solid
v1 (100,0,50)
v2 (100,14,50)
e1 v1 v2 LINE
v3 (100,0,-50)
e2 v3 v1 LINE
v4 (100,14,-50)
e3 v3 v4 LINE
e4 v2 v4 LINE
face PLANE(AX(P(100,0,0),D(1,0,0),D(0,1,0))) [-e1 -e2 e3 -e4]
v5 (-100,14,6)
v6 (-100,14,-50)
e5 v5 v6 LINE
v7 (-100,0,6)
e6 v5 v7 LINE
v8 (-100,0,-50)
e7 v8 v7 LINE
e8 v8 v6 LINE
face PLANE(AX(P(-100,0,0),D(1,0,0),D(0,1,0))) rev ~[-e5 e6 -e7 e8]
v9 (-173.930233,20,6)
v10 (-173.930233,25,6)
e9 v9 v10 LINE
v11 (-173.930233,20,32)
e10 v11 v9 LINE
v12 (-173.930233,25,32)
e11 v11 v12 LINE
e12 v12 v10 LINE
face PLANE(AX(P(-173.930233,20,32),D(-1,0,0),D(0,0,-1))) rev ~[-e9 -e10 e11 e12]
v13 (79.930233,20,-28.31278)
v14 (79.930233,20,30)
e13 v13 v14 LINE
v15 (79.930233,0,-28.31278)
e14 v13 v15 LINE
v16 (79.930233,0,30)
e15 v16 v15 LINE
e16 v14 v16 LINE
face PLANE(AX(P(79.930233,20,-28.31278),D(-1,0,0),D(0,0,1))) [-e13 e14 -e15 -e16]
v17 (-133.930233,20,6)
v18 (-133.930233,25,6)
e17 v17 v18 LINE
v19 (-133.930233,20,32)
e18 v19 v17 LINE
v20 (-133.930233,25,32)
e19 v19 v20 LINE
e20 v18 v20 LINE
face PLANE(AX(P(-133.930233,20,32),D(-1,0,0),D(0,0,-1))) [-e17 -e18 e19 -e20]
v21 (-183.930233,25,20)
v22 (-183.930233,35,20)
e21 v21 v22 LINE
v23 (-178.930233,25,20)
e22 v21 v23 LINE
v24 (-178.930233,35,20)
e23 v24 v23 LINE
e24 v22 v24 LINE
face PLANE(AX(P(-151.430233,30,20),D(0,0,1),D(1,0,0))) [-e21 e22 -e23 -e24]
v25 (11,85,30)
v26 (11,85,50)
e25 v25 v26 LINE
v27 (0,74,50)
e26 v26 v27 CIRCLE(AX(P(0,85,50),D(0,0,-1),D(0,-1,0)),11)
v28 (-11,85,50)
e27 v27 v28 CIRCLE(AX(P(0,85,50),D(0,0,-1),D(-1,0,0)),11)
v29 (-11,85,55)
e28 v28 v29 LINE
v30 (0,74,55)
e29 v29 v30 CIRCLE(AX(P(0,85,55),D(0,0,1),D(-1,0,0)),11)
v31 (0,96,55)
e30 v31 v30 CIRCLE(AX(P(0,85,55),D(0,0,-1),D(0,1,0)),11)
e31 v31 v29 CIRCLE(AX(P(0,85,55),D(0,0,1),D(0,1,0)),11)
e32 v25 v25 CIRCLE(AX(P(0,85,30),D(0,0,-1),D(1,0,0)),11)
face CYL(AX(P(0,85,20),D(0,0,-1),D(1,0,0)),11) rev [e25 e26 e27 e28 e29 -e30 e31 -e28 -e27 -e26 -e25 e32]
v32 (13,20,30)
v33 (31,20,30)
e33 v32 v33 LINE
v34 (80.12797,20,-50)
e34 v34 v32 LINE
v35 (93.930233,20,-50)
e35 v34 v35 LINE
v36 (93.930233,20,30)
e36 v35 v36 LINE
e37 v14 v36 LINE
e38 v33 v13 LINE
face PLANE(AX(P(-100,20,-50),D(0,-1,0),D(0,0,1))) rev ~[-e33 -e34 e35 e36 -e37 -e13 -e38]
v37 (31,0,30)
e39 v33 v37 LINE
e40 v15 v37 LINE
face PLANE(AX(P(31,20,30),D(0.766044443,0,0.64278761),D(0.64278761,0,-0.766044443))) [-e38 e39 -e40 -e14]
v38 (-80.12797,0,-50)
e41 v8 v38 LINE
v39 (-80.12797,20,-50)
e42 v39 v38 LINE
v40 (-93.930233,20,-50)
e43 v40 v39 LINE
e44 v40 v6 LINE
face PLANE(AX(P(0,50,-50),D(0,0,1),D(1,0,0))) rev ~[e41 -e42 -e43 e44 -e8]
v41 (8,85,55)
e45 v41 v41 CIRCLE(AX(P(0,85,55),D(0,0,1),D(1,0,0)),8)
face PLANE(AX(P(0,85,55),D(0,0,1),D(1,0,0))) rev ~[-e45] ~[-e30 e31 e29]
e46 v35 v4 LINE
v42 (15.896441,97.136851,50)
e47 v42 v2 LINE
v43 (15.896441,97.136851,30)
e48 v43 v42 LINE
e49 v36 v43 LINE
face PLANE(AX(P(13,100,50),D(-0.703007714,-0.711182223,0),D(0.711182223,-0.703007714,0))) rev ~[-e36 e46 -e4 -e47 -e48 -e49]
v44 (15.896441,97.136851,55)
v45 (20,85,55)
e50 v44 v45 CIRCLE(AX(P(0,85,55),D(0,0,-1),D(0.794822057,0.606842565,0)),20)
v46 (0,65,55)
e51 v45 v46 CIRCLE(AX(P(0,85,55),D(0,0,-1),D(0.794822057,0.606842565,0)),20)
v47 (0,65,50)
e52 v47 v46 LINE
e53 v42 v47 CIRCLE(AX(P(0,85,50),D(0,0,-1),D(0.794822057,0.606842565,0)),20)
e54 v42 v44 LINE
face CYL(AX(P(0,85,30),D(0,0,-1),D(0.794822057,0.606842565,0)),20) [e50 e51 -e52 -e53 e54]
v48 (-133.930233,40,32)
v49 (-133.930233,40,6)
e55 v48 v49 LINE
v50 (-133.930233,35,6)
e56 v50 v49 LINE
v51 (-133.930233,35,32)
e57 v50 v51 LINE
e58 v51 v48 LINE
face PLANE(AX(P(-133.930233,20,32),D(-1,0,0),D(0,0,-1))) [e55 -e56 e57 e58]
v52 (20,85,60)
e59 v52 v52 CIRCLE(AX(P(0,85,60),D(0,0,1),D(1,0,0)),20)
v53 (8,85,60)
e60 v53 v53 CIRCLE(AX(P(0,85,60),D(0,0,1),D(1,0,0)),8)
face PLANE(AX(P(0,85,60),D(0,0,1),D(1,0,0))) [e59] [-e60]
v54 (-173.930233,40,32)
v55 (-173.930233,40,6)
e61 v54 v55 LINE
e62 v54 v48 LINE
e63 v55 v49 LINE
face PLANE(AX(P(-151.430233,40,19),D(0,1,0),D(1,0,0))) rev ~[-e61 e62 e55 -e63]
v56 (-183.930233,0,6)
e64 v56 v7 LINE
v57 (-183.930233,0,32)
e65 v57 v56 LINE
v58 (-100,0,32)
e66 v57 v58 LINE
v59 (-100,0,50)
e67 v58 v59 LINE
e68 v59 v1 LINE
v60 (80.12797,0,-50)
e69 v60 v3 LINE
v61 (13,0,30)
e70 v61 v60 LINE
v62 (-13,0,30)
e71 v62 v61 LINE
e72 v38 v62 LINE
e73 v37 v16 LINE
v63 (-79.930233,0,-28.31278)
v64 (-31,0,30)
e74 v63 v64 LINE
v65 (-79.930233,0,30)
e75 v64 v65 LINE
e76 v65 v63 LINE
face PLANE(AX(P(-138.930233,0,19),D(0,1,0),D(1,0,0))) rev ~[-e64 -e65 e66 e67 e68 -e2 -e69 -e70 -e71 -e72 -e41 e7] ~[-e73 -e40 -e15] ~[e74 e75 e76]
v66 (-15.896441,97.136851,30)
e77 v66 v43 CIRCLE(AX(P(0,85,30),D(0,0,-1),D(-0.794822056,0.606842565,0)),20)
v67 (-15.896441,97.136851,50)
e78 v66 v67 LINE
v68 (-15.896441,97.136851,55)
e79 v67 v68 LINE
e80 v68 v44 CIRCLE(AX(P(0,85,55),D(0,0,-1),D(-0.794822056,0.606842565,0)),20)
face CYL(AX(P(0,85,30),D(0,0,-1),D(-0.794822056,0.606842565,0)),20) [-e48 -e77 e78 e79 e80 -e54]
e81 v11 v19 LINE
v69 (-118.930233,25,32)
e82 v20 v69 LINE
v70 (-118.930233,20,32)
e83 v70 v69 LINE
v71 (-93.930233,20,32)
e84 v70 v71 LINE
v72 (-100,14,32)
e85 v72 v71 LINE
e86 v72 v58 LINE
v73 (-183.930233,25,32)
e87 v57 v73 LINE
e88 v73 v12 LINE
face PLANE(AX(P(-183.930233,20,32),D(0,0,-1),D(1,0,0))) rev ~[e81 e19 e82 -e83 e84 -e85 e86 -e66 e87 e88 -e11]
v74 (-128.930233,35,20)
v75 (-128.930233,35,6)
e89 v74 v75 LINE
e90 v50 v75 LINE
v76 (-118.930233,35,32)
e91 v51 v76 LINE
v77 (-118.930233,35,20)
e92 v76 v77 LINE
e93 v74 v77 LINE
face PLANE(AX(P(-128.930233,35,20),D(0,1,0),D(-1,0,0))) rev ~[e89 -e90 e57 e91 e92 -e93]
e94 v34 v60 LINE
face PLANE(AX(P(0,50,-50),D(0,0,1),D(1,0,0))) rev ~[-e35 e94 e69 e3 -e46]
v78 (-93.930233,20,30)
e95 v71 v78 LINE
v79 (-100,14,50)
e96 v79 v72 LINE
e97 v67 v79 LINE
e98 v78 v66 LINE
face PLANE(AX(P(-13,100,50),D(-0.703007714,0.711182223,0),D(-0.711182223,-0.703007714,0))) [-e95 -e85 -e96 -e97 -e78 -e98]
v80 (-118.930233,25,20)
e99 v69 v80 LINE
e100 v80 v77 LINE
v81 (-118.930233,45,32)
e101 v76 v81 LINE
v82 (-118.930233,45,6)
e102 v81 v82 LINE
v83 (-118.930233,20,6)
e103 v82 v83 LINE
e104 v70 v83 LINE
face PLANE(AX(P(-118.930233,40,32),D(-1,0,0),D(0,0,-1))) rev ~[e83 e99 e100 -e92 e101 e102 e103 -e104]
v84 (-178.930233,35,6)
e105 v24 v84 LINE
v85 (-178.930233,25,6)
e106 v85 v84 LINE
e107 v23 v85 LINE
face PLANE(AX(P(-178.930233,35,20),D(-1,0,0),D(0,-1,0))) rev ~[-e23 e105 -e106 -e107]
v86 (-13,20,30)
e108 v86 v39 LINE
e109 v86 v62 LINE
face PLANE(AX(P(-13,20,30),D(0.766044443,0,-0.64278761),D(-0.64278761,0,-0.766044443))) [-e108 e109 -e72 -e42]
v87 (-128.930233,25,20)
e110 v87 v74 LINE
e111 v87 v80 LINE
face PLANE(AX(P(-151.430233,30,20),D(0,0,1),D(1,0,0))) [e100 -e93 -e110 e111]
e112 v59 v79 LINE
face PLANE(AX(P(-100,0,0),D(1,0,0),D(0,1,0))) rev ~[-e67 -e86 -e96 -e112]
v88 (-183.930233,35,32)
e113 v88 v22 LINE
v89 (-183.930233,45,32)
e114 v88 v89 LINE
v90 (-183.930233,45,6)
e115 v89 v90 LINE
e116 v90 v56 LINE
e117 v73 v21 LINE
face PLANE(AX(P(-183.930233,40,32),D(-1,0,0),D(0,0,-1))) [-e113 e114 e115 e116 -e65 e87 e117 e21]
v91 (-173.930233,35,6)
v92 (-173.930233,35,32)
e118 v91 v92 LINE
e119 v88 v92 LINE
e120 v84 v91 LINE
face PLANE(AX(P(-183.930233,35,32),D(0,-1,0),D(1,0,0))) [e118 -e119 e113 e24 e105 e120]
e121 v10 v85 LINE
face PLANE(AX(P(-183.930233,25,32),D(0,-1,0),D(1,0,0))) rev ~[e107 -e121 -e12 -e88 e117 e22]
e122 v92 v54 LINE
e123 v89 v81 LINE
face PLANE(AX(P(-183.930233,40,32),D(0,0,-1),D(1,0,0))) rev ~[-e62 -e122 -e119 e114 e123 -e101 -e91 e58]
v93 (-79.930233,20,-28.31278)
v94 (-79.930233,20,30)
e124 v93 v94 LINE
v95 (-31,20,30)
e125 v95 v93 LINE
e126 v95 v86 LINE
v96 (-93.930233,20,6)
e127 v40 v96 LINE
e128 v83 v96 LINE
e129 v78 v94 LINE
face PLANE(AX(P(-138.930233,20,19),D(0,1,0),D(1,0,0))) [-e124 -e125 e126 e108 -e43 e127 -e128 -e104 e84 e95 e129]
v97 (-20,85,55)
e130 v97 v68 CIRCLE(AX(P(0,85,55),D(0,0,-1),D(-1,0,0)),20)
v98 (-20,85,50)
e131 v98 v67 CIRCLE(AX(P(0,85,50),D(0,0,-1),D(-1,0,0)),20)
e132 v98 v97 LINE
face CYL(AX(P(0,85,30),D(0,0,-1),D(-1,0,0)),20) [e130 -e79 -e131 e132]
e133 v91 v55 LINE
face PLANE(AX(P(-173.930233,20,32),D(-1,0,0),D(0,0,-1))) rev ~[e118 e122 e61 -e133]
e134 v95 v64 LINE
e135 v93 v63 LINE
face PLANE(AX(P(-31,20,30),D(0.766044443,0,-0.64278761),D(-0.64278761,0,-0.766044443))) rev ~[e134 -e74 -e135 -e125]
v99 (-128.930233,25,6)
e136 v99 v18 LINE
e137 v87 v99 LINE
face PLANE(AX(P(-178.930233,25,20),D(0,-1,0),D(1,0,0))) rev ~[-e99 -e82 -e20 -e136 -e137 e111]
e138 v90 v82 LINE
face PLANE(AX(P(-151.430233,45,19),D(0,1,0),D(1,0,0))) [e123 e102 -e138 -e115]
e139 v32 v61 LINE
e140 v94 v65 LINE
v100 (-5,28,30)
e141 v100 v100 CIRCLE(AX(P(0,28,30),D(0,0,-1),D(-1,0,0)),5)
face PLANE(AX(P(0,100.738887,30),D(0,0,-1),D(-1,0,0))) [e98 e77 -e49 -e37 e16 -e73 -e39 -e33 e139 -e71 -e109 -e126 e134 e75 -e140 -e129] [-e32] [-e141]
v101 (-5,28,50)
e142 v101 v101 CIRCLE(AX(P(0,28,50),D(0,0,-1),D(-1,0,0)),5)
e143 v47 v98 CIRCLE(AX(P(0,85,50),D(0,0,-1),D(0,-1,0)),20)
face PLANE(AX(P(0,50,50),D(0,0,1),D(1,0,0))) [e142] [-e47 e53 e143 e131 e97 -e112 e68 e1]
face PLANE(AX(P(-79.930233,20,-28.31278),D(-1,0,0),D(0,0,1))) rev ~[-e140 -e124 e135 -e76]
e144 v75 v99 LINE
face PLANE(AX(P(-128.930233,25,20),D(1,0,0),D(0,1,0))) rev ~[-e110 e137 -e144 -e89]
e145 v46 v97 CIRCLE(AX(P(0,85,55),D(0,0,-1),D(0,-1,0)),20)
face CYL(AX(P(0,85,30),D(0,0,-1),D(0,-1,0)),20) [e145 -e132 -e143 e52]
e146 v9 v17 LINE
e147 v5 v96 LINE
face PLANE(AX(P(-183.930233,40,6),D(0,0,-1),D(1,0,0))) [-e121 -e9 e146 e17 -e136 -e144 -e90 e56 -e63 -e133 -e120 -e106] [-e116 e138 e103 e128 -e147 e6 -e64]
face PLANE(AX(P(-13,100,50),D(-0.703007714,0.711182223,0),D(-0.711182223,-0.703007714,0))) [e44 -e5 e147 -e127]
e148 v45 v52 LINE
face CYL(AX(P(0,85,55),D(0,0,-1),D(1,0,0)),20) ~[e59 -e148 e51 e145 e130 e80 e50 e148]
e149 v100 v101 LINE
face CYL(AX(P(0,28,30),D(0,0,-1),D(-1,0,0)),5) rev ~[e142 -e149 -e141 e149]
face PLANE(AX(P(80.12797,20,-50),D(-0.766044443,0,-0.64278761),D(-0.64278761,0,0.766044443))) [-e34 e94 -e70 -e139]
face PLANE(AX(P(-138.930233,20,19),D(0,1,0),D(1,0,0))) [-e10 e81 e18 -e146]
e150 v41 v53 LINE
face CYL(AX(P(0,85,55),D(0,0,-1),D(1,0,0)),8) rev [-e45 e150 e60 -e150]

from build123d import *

# Parameters (mm, degrees)
SKETCH1_W           = 200
SKETCH1_H           = 100
BOSS_EXTRUDE1_DEPTH = 50
CUT_EXTRUDE1_DEPTH  = 174.205080757
SKETCH3_W           = 80
SKETCH3_H           = 80
CUT_EXTRUDE2_DEPTH  = 230.128784748
CUT_EXTRUDE3_DEPTH  = 100
SKETCH6_R           = 5
CUT_EXTRUDE5_DEPTH  = 100
BOSS_EXTRUDE2_DEPTH = 25
CUT_EXTRUDE6_START  = -35
SKETCH8_R           = 11
CUT_EXTRUDE6_DEPTH  = 35
SKETCH9_R           = 20
SKETCH9_R_2         = 8
BOSS_EXTRUDE3_DEPTH = 5
SKETCH10_W          = 90
SKETCH10_H          = 26
BOSS_EXTRUDE4_DEPTH = 20
SKETCH11_W          = 10
SKETCH11_H          = 26
SKETCH11_W_2        = 15
BOSS_EXTRUDE5_DEPTH = 20
SKETCH12_W          = 65
SKETCH12_H          = 10
CUT_EXTRUDE7_DEPTH  = 12
SKETCH13_W          = 65
SKETCH13_H          = 26
BOSS_EXTRUDE6_DEPTH = 5
CUT_EXTRUDE8_DEPTH  = 35


with BuildPart() as part:
    # Sketch1 → Boss-Extrude1 (new, symmetric)
    with BuildSketch(Plane.XY):
        with Locations((0, 50)):
            Rectangle(SKETCH1_W, SKETCH1_H)
    extrude(amount=BOSS_EXTRUDE1_DEPTH, both=True)

    # Sketch2 → Cut-Extrude1 (cut, through all)
    with BuildSketch(Plane.XY.offset(50)):
        Polygon((-13, 100), (-100, 14), (-100, 100), align=None)
        Polygon((100, 14), (100, 100), (13, 100), align=None)
    extrude(amount=-CUT_EXTRUDE1_DEPTH, mode=Mode.SUBTRACT)

    # Sketch3 → Cut-Extrude2 (cut, through all)
    with BuildSketch(Plane.ZY.offset(100)):
        with Locations((-10, 60)):
            Rectangle(SKETCH3_W, SKETCH3_H)
    extrude(amount=-CUT_EXTRUDE2_DEPTH, mode=Mode.SUBTRACT)

    # Sketch4 → Cut-Extrude3 (cut)
    with BuildSketch(Plane(origin=(0, 20, 0), x_dir=(1, 0, 0), z_dir=(0, 1, 0))):
        Polygon((80.127970494, 50), (13, -30), (-13, -30), (-80.127970494, 50), align=None)
        Polygon((79.930232558, -30), (31, -30), (79.930232558, 28.312780438), align=None)
        Polygon((-79.930232558, -30), (-31, -30), (-79.930232558, 28.312780438), align=None)
    extrude(amount=-CUT_EXTRUDE3_DEPTH, mode=Mode.SUBTRACT)

    # Sketch6 → Cut-Extrude5 (cut)
    with BuildSketch(Plane(origin=(0, 0, 30), x_dir=(-1, 0, 0), z_dir=(0, 0, -1))):
        with Locations((0, 28)):
            Circle(SKETCH6_R)
    extrude(amount=-CUT_EXTRUDE5_DEPTH, mode=Mode.SUBTRACT)

    # Sketch5 → Boss-Extrude2 (add)
    with BuildSketch(Plane(origin=(0, 0, 30), x_dir=(-1, 0, 0), z_dir=(0, 0, -1))):
        with BuildLine():
            ThreePointArc((15.89644113, 97.136851297), (0, 105), (-15.89644113, 97.136851297))
            Line((-15.89644113, 97.136851297), (-13, 100))
            Line((-13, 100), (0, 100))
            Line((0, 100), (13, 100))
            Line((13, 100), (15.89644113, 97.136851297))
        make_face()
        with BuildLine():
            ThreePointArc((-15.89644113, 97.136851297), (-17.926754111, 76.132560289), (0, 65))
            Line((0, 65), (0, 74))
            ThreePointArc((0, 74), (-11, 85), (0, 96))
            Line((0, 96), (0, 100))
            Line((0, 100), (-13, 100))
            Line((-13, 100), (-15.89644113, 97.136851297))
        make_face()
        with BuildLine():
            Line((0, 74), (0, 65))
            ThreePointArc((0, 65), (14.142135624, 70.857864376), (20, 85))
            ThreePointArc((20, 85), (18.946356148, 91.405902645), (15.89644113, 97.136851297))
            Line((15.89644113, 97.136851297), (13, 100))
            Line((13, 100), (0, 100))
            Line((0, 100), (0, 96))
            ThreePointArc((0, 96), (7.778174593, 92.778174593), (11, 85))
            ThreePointArc((11, 85), (7.778174593, 77.221825407), (0, 74))
        make_face()
    extrude(amount=-BOSS_EXTRUDE2_DEPTH)

    # Sketch8 → Cut-Extrude6 (cut)
    with BuildSketch(Plane.XY.offset(55).offset(CUT_EXTRUDE6_START)):
        with Locations((0, 85)):
            Circle(SKETCH8_R)
    extrude(amount=CUT_EXTRUDE6_DEPTH, mode=Mode.SUBTRACT)

    # Sketch9 → Boss-Extrude3 (add)
    with BuildSketch(Plane.XY.offset(55)):
        with Locations((0, 85)):
            Circle(SKETCH9_R)
        with Locations((0, 85)):
            Circle(SKETCH9_R_2, mode=Mode.SUBTRACT)
    extrude(amount=BOSS_EXTRUDE3_DEPTH)

    # Sketch10 → Boss-Extrude4 (add)
    with BuildSketch(Plane(origin=(0, 20, 0), x_dir=(1, 0, 0), z_dir=(0, 1, 0))):
        with Locations((-138.930232558, -19)):
            Rectangle(SKETCH10_W, SKETCH10_H)
    extrude(amount=-BOSS_EXTRUDE4_DEPTH)

    # Sketch11 → Boss-Extrude5 (add)
    with BuildSketch(Plane(origin=(0, 20, 0), x_dir=(1, 0, 0), z_dir=(0, 1, 0))):
        with Locations((-178.930232558, -19)):
            Rectangle(SKETCH11_W, SKETCH11_H)
        with Locations((-126.430232558, -19)):
            Rectangle(SKETCH11_W_2, SKETCH11_H)
    extrude(amount=BOSS_EXTRUDE5_DEPTH)

    # Sketch12 → Cut-Extrude7 (cut)
    with BuildSketch(Plane.XY.offset(32)):
        with Locations((-151.430232558, 30)):
            Rectangle(SKETCH12_W, SKETCH12_H)
    extrude(amount=-CUT_EXTRUDE7_DEPTH, mode=Mode.SUBTRACT)

    # Sketch13 → Boss-Extrude6 (add)
    with BuildSketch(Plane(origin=(0, 40, 0), x_dir=(1, 0, 0), z_dir=(0, 1, 0))):
        with Locations((-151.430232558, -19)):
            Rectangle(SKETCH13_W, SKETCH13_H)
    extrude(amount=BOSS_EXTRUDE6_DEPTH)

    # Sketch14 → Cut-Extrude8 (cut)
    with BuildSketch(Plane.XY.offset(20)):
        Polygon((-133.930232558, 25), (-128.930232558, 25), (-128.930232558, 35), (-133.930232558, 35), (-178.930232558, 35), (-178.930232558, 25), align=None)
    extrude(amount=-CUT_EXTRUDE8_DEPTH, mode=Mode.SUBTRACT)


solid = part.part
